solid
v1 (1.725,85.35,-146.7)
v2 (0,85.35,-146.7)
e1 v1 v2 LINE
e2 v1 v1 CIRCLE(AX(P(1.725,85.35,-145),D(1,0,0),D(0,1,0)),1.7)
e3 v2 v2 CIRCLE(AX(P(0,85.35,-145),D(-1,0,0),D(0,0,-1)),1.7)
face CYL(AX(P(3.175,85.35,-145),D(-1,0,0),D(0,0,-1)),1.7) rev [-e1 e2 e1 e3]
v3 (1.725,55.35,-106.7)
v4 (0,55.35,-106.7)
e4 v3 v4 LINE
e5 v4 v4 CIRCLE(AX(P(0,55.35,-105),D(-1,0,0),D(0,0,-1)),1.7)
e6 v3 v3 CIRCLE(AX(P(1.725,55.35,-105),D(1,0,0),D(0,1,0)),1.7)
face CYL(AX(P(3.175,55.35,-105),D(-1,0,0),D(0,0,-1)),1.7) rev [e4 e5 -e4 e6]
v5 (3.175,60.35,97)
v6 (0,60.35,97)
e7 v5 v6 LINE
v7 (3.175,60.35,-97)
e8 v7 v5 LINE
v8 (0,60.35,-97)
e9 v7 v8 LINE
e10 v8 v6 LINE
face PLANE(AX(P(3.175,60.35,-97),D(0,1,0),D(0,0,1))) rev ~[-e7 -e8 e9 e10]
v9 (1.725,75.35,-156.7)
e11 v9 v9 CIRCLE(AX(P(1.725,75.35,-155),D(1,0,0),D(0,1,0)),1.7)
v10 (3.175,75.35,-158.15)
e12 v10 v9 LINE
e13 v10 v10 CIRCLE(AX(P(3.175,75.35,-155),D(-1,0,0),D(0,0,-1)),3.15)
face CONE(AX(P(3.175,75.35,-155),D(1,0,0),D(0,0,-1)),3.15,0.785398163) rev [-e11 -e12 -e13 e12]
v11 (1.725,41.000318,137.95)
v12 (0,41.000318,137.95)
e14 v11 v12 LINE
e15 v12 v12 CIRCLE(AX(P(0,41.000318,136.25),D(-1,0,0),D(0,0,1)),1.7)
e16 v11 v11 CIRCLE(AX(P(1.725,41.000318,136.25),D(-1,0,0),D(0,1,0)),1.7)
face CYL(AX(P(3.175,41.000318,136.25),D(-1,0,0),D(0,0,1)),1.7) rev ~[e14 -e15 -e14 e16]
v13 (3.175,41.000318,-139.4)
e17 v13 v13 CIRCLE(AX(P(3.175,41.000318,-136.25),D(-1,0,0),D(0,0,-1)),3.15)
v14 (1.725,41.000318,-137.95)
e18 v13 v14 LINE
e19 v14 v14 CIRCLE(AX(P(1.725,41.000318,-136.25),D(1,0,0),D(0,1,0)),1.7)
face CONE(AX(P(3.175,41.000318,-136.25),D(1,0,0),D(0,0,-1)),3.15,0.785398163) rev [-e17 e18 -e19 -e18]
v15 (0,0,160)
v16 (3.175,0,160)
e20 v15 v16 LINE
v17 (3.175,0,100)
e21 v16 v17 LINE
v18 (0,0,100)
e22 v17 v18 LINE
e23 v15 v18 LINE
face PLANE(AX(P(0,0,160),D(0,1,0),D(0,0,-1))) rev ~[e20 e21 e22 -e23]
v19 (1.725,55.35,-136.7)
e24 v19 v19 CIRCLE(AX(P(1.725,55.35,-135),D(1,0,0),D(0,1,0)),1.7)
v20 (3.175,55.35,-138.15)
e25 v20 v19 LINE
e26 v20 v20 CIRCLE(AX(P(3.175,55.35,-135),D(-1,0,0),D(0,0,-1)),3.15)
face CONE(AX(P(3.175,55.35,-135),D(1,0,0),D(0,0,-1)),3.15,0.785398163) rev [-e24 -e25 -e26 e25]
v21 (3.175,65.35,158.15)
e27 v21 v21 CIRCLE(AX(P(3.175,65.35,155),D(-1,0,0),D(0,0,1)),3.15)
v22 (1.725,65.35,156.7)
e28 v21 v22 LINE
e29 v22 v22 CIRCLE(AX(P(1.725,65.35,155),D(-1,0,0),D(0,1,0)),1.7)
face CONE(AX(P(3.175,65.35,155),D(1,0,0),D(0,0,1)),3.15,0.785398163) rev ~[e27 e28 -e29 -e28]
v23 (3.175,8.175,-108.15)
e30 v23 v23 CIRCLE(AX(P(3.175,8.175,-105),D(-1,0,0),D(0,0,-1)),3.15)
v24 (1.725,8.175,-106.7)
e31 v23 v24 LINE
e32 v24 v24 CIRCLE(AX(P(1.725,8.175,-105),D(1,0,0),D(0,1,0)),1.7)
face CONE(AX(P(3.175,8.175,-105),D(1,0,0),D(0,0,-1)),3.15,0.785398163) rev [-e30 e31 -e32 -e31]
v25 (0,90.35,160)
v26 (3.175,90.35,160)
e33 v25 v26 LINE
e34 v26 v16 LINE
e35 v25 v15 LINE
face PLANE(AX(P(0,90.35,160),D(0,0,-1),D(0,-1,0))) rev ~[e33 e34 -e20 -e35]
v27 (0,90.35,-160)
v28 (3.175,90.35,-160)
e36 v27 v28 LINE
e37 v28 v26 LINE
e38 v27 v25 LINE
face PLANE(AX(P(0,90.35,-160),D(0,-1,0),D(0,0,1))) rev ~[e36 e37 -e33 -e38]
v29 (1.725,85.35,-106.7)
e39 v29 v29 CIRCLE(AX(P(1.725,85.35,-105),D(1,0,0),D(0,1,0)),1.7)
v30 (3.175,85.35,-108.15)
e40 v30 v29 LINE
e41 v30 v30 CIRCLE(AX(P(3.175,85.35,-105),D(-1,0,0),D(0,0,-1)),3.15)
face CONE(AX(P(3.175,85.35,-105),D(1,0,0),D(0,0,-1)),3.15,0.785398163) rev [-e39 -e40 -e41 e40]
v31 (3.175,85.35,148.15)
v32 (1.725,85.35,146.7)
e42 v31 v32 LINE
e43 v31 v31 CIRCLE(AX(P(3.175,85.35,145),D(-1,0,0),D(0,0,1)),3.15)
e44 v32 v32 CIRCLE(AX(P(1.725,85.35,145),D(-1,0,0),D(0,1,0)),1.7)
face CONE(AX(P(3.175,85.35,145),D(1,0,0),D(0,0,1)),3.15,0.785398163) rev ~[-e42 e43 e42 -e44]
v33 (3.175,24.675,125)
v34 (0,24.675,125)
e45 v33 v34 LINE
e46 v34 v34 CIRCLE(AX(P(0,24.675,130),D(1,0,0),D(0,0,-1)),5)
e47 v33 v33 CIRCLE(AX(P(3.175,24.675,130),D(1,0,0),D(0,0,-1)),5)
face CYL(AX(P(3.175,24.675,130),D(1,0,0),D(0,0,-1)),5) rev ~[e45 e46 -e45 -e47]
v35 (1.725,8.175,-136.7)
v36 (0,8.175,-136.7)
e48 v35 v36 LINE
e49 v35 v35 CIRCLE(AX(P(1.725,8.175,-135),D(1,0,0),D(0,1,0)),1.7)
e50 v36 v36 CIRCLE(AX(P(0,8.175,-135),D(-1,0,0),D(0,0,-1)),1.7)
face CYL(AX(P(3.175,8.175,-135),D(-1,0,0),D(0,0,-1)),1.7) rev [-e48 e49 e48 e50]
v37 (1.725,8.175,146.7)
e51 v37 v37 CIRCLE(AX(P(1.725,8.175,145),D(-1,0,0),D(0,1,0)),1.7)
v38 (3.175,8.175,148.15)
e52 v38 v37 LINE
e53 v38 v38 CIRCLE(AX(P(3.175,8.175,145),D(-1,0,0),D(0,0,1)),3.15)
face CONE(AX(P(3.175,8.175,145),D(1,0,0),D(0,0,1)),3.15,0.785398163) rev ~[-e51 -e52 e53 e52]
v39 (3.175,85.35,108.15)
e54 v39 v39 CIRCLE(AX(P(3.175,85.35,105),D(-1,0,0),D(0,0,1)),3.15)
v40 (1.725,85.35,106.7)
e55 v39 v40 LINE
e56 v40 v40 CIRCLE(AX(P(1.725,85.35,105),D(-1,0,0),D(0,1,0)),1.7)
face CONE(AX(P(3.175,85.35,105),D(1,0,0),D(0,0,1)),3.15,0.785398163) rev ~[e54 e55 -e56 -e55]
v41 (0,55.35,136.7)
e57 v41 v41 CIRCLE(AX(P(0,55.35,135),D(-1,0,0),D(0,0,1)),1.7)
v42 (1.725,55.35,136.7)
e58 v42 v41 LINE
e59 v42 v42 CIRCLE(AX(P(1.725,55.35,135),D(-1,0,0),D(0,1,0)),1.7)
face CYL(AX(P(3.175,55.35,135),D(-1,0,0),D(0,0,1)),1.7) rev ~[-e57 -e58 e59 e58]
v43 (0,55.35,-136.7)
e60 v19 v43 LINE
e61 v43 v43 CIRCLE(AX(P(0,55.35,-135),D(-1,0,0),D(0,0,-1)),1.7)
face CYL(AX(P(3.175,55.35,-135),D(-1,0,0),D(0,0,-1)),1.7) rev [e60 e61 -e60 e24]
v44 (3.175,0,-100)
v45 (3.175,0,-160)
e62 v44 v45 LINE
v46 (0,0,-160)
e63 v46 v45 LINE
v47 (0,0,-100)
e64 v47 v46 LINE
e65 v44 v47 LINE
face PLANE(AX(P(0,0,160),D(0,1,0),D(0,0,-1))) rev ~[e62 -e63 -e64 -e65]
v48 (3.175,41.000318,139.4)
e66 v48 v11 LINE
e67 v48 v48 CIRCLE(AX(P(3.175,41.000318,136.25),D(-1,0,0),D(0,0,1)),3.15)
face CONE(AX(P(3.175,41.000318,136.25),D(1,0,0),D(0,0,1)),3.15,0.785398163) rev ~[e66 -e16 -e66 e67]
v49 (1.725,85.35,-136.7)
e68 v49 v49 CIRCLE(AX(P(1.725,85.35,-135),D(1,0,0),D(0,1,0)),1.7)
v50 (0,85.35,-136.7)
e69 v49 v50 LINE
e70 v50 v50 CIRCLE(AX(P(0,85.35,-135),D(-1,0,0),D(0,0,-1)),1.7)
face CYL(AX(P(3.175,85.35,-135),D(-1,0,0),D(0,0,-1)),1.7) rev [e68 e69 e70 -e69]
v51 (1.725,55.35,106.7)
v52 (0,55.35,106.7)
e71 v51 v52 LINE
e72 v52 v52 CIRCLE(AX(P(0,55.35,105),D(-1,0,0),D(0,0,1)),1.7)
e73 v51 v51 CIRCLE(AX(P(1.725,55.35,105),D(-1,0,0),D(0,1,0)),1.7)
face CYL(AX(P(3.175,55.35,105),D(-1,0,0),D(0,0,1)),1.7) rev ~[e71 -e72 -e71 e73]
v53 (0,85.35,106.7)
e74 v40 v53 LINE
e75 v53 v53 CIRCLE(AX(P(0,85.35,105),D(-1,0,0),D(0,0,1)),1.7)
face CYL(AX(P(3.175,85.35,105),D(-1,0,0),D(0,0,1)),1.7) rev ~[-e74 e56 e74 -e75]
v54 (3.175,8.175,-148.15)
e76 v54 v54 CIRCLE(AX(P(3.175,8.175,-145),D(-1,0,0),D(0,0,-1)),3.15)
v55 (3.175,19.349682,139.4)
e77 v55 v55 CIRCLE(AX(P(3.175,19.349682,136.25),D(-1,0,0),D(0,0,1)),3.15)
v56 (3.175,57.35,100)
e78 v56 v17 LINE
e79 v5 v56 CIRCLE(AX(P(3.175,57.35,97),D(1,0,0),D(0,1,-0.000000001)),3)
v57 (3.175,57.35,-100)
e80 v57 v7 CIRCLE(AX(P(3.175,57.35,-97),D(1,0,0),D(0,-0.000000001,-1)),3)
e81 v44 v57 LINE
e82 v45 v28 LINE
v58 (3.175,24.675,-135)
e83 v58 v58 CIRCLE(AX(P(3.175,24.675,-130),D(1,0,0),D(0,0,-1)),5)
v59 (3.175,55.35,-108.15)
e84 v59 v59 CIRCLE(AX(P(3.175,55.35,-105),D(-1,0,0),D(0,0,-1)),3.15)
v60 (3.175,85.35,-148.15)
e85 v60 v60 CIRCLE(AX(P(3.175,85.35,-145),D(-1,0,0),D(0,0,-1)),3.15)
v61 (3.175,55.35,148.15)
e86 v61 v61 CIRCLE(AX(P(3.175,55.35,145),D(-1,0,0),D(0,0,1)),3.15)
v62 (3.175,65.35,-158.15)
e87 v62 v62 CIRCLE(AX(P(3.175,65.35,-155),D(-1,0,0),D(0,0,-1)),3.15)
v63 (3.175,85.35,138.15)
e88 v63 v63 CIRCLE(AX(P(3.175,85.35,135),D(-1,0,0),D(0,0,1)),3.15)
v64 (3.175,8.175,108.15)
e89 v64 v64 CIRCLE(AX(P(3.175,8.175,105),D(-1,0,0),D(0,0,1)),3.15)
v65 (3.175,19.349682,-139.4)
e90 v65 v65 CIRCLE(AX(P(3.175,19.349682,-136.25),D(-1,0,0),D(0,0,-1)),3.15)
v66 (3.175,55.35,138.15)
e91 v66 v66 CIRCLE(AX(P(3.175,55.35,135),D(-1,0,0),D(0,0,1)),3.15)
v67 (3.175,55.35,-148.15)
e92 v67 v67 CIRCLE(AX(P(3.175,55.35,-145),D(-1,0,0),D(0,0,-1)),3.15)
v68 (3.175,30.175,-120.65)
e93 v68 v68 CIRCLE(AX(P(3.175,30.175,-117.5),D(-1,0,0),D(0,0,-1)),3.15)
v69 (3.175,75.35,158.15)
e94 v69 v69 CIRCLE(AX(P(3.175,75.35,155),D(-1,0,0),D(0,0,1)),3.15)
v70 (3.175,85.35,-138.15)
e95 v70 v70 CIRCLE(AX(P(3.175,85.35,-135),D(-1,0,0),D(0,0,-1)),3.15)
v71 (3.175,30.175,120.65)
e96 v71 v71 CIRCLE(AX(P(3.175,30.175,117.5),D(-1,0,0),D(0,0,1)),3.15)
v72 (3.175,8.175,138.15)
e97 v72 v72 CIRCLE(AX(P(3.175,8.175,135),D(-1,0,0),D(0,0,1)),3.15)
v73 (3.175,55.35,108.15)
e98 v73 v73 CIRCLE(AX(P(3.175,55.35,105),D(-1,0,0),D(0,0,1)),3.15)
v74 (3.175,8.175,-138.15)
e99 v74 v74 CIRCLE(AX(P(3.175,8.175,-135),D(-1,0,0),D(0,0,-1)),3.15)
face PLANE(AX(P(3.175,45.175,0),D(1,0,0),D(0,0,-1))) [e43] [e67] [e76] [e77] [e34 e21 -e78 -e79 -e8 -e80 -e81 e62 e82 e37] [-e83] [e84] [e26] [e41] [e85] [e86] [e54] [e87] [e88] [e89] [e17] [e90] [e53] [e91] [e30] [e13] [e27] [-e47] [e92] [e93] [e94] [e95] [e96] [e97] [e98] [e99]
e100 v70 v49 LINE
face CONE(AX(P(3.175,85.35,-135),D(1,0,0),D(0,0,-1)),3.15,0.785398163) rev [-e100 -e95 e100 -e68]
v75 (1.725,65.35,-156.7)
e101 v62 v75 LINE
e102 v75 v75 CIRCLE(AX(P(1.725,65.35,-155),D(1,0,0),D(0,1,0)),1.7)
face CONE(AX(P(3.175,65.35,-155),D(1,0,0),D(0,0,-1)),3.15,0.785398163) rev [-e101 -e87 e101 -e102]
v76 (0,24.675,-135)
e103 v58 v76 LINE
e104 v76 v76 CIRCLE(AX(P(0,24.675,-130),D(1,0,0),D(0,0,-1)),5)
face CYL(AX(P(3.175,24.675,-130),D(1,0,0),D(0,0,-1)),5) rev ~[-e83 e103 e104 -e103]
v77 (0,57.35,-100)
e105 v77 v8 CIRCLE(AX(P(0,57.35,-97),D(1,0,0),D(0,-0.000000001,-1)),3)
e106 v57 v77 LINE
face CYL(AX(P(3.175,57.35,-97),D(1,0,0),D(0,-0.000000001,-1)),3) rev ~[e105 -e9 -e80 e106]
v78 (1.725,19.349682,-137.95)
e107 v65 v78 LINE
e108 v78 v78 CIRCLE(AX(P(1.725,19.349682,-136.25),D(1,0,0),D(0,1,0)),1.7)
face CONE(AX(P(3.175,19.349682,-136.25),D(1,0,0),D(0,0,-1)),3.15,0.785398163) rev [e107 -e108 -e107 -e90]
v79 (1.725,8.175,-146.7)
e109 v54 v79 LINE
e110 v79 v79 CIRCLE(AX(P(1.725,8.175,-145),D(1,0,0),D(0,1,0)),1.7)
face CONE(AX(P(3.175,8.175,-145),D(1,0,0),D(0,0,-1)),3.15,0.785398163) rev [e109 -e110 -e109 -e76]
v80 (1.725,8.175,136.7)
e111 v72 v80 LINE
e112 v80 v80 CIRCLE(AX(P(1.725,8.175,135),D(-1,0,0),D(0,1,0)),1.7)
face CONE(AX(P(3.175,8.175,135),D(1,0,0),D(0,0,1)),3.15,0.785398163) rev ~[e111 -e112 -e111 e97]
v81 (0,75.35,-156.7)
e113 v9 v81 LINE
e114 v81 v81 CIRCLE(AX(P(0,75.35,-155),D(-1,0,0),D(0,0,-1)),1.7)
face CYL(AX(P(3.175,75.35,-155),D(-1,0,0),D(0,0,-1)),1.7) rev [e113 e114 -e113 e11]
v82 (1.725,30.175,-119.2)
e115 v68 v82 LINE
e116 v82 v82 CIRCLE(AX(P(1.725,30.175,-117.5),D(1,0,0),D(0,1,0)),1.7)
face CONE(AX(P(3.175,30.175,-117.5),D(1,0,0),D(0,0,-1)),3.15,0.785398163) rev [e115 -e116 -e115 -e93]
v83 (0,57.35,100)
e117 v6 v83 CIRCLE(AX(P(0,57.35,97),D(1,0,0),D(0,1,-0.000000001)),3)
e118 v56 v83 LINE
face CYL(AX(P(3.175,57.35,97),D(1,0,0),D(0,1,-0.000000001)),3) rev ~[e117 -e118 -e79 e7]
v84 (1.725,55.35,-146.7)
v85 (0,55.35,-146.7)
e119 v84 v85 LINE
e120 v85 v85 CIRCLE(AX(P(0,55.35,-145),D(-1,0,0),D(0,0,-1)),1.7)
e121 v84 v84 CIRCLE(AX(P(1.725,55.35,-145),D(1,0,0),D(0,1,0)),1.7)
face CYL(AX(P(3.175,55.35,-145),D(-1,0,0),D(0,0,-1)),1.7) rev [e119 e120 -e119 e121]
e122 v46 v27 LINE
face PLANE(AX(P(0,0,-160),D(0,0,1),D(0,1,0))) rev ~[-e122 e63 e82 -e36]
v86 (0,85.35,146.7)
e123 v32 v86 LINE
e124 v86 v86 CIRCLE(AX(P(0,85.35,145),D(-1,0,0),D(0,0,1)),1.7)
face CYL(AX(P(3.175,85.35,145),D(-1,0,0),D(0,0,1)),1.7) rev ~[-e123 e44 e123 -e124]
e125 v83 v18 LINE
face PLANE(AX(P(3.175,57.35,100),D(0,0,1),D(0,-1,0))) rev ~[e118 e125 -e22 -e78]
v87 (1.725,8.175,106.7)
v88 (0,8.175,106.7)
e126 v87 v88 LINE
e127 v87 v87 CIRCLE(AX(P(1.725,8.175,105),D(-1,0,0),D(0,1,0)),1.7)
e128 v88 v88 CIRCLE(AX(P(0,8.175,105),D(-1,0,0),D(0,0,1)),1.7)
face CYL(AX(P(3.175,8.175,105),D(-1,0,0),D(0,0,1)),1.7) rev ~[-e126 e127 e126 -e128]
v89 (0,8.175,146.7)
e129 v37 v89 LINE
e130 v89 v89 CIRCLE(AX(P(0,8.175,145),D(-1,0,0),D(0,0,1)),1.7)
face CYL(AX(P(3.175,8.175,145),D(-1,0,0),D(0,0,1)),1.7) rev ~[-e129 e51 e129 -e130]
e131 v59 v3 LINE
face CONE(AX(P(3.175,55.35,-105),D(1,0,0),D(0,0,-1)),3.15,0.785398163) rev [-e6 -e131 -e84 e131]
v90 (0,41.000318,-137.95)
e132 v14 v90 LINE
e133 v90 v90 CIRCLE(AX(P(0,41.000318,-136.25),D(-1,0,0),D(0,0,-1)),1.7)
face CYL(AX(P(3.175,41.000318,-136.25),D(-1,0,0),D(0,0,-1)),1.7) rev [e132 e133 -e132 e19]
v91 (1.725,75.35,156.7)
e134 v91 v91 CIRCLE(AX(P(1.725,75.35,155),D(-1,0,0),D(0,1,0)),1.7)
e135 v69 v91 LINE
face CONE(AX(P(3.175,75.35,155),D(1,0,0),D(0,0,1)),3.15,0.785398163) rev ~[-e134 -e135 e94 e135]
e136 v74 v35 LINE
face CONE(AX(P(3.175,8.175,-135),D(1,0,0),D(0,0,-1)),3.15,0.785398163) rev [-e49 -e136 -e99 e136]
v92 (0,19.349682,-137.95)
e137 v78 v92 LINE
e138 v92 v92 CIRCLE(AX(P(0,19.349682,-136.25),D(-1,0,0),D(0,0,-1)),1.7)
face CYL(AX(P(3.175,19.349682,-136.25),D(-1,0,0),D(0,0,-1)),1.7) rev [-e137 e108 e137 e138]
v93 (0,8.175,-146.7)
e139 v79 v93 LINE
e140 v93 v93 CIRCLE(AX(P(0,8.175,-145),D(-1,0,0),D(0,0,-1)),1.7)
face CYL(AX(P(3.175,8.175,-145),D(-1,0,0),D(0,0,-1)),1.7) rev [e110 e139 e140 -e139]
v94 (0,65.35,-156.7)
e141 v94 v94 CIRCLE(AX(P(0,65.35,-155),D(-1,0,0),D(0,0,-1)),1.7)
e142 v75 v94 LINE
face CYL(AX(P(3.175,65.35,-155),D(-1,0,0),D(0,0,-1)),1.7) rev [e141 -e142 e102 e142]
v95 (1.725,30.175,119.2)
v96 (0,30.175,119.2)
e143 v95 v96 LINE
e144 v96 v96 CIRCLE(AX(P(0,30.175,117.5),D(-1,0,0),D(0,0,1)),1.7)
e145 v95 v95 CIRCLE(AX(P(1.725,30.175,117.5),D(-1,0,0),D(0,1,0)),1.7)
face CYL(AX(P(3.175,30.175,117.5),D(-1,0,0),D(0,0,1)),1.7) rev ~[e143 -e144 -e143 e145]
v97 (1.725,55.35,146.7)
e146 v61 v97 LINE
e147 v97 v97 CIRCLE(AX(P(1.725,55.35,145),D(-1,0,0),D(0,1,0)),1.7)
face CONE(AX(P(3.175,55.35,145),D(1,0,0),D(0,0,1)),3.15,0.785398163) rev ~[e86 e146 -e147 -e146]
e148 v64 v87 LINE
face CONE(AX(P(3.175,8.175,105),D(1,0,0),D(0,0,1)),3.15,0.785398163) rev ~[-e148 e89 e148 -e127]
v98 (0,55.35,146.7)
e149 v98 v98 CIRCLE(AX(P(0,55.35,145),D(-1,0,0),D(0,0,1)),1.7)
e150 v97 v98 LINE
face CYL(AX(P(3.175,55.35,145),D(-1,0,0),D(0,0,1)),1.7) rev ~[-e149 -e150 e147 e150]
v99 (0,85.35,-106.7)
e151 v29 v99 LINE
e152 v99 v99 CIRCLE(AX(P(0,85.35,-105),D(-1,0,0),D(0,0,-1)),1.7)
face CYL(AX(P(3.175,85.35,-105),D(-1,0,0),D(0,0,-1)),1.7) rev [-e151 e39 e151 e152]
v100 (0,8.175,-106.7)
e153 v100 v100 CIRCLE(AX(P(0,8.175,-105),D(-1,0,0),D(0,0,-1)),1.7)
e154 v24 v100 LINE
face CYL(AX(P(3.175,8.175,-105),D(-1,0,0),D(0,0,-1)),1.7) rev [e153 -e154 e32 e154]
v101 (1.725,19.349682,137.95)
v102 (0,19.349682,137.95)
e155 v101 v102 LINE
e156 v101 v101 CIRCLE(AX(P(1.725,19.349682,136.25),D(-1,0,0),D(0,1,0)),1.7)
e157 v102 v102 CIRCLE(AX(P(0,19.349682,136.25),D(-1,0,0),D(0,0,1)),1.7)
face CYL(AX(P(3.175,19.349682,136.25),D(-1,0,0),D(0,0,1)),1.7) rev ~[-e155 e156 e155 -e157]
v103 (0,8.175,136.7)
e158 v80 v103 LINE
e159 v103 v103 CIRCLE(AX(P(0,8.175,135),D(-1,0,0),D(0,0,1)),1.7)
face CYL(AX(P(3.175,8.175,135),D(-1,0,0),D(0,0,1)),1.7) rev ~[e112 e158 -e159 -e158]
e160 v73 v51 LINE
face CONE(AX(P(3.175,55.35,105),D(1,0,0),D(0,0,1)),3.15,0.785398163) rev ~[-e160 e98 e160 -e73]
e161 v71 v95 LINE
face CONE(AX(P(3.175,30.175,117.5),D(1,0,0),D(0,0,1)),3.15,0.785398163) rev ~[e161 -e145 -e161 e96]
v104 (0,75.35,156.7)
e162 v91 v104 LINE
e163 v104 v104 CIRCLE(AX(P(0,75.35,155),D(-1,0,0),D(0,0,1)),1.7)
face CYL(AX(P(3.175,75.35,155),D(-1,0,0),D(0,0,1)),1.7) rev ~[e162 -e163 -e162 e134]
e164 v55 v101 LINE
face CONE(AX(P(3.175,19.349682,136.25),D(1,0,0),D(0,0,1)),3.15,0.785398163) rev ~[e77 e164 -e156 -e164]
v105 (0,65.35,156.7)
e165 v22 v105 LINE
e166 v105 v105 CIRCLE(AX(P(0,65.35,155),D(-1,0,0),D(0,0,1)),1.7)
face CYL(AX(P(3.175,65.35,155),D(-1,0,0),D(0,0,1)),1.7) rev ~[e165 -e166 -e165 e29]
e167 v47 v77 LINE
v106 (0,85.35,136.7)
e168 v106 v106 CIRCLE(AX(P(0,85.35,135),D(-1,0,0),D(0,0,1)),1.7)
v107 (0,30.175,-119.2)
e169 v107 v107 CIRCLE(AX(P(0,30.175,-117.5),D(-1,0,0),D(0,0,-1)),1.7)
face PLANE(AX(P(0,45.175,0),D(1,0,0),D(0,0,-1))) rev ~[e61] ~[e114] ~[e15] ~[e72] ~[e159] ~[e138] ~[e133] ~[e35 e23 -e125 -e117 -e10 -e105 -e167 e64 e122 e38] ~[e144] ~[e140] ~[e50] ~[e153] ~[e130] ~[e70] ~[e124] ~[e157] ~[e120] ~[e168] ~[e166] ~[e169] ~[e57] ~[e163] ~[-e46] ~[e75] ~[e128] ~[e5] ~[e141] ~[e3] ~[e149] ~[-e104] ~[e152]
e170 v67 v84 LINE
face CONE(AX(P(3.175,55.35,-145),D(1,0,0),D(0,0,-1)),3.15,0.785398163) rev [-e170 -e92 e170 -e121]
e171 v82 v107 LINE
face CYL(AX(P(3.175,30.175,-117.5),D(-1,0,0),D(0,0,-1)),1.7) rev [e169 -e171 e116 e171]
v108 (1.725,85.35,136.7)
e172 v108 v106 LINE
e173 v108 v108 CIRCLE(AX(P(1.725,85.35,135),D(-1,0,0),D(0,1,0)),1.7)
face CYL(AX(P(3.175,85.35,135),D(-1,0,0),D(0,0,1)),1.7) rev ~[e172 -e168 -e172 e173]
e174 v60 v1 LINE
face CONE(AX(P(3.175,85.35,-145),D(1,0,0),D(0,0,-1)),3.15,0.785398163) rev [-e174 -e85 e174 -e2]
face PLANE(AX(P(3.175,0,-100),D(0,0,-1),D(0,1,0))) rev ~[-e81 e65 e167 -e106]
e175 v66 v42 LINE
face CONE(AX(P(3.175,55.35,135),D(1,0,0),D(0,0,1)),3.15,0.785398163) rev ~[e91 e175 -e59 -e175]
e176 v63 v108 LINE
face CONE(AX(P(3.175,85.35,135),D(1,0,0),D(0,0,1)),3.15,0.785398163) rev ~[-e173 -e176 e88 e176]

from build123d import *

# Parameters (mm, degrees)
BOSS_EXTRUDE1_DEPTH                             = 3.175
CSK_FOR_M3_FLAT_HEAD_MACHINE_SCREW1_D           = 3.4
CSK_FOR_M3_FLAT_HEAD_MACHINE_SCREW1_CSINK_D     = 6.3
CSK_FOR_M3_FLAT_HEAD_MACHINE_SCREW1_CSINK_ANGLE = 90
SKETCH4_R                                       = 5
CUT_EXTRUDE1_DEPTH                              = 4.175


with BuildPart() as part:
    # Sketch1 → Boss-Extrude1 (new body)
    with BuildSketch(Plane(origin=(0, 0, 0), x_dir=(0, 0, -1), z_dir=(1, 0, 0))):
        Polygon((160, 0), (160, 3.175), (160, 47.175), (160, 50.35), (160, 60.35), (160, 90.35), (-160, 90.35), (-160, 60.35), (-160, 50.35), (-160, 47.175), (-160, 3.175), (-160, 0), align=None)
    extrude(amount=BOSS_EXTRUDE1_DEPTH)

    # CSK for M3 Flat Head Machine Screw1 (through all)
    with Locations(Plane(origin=(3.175, 0, 0), x_dir=(0, 0, -1), z_dir=(1, 0, 0))):
        with Locations((-145, 8.175), (-135, 8.175), (-105, 8.175), (-145, 55.35), (-135, 55.35), (-105, 55.35), (-117.5, 30.175), (-136.25, 19.349682453), (-136.25, 41.000317547), (-145, 85.35), (-135, 85.35), (-105, 85.35), (-155, 65.35), (-155, 75.35)):
            csk_for_m3_flat_head_machine_screw1 = CounterSinkHole(CSK_FOR_M3_FLAT_HEAD_MACHINE_SCREW1_D / 2, CSK_FOR_M3_FLAT_HEAD_MACHINE_SCREW1_CSINK_D / 2, counter_sink_angle=CSK_FOR_M3_FLAT_HEAD_MACHINE_SCREW1_CSINK_ANGLE)

    # Mirror1: CSK for M3 Flat Head Machine Screw1 across plane
    add(csk_for_m3_flat_head_machine_screw1.mirror(Plane.XY), mode=Mode.SUBTRACT)

    # Sketch4 → Cut-Extrude1 (cut, through all)
    with BuildSketch(Plane(origin=(3.175, 0, 0), x_dir=(0, 0, -1), z_dir=(1, 0, 0))):
        with Locations((-130, 24.675)):
            Circle(SKETCH4_R)
        with Locations((130, 24.675)):
            Circle(SKETCH4_R)
        with BuildLine():
            Line((-100, 57.35), (-100, 0))
            Line((-100, 0), (100, 0))
            Line((100, 0), (100, 57.35))
            ThreePointArc((100, 57.35), (99.121320344, 59.471320344), (97, 60.35))
            Line((97, 60.35), (-97, 60.35))
            ThreePointArc((-97, 60.35), (-99.121320344, 59.471320344), (-100, 57.35))
        make_face()
    extrude(amount=-CUT_EXTRUDE1_DEPTH, mode=Mode.SUBTRACT)


solid = part.part
